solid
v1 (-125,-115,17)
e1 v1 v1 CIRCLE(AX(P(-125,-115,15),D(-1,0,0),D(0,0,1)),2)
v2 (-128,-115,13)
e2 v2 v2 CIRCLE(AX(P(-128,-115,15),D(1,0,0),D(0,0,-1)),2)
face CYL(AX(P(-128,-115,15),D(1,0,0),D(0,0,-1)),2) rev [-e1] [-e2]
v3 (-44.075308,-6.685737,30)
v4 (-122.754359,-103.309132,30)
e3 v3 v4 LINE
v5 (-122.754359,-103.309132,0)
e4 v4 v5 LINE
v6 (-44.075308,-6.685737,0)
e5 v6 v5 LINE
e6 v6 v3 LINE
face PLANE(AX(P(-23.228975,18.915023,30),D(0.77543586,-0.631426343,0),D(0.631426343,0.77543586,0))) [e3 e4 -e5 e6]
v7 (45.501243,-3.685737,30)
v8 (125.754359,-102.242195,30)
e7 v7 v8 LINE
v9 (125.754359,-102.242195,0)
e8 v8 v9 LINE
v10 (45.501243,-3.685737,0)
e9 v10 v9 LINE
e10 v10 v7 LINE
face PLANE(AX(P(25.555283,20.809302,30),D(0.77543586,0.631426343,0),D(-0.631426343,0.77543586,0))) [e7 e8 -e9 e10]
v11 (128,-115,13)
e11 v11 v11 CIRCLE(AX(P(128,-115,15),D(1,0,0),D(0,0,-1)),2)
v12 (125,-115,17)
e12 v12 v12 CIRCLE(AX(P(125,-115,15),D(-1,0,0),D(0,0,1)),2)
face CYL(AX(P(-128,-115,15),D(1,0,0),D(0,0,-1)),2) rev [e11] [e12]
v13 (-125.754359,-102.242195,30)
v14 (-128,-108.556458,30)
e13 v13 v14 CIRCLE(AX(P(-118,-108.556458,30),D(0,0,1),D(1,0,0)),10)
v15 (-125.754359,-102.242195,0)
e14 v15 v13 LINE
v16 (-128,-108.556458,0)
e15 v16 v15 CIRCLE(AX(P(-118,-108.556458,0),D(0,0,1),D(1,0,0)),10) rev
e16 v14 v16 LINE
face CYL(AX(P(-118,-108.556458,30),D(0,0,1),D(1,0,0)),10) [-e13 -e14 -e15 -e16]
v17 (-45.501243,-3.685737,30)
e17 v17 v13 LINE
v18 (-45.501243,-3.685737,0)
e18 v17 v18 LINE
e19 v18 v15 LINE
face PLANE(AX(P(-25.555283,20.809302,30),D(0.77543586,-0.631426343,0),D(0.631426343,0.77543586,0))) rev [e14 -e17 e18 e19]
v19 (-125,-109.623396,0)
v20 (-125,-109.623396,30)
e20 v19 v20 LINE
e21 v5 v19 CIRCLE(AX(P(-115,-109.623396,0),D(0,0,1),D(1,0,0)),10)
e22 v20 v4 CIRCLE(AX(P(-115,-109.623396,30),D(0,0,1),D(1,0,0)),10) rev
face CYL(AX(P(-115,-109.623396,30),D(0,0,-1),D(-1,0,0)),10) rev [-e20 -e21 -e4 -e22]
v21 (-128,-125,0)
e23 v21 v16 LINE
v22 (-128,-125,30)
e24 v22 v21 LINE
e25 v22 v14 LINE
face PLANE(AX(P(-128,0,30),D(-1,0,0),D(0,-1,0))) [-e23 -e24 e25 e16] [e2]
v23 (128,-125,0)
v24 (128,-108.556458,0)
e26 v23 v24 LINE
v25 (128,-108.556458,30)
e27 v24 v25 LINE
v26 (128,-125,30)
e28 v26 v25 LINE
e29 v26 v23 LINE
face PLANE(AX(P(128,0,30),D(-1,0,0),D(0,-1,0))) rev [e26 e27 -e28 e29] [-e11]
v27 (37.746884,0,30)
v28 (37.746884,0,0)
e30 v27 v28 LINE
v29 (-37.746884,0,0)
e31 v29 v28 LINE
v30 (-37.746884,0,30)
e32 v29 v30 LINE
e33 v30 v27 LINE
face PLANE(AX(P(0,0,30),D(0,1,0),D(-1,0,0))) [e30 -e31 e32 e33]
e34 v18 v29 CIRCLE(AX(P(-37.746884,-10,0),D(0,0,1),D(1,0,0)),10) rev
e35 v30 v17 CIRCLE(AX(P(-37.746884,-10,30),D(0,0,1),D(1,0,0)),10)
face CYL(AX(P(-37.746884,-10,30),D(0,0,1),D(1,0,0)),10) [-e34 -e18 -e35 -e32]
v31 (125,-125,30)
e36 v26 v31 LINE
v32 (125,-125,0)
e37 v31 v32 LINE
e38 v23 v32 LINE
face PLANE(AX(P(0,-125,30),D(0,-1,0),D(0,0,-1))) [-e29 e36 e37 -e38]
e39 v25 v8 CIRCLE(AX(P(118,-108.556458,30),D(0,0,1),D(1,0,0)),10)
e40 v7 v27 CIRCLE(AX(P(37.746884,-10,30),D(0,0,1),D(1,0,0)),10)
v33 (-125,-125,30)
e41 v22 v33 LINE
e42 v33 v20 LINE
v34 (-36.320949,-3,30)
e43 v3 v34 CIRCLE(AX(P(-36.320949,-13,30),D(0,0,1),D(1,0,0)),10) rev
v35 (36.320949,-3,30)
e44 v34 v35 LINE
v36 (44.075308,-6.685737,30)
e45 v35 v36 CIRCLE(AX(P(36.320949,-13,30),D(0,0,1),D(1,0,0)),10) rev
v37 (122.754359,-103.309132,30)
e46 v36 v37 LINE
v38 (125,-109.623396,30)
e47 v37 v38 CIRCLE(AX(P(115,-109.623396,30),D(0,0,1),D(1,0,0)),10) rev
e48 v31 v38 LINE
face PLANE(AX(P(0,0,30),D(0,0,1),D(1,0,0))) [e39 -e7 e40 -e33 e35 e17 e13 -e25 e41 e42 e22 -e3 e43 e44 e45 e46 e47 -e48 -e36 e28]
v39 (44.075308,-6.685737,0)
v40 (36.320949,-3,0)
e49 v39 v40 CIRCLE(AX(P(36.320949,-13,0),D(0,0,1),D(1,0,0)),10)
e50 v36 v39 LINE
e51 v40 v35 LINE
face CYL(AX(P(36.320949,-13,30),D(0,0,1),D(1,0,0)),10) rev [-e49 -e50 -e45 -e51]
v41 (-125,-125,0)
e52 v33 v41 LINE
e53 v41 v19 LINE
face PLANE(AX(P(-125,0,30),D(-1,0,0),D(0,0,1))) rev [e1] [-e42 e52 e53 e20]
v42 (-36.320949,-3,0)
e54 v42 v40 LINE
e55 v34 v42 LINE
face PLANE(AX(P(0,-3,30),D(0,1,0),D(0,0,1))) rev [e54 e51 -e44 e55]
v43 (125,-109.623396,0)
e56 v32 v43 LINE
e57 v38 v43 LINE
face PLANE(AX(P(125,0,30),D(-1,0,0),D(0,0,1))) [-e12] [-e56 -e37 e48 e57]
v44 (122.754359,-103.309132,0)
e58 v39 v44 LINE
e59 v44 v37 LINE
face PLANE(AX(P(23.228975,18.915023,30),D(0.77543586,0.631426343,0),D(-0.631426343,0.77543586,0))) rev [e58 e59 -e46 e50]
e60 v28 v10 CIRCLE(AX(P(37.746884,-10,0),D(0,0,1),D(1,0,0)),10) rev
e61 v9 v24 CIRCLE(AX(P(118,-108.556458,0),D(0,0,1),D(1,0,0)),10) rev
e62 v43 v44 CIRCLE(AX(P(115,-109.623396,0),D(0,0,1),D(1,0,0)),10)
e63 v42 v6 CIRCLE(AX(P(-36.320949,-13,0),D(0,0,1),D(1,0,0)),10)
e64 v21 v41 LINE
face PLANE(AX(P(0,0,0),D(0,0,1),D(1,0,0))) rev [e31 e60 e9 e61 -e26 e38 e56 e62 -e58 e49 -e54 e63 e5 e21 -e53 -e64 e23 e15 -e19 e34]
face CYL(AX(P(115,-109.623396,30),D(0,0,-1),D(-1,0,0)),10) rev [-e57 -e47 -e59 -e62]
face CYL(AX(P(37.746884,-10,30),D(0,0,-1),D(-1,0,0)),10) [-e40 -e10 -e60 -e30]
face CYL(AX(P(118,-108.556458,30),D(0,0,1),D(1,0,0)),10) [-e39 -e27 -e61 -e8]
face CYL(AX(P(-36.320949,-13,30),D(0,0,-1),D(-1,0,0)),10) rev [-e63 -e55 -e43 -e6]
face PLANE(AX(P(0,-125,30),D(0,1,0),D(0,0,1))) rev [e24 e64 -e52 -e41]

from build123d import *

# Parameters (mm, degrees)
BOSS_EXTRUDE1_DEPTH     = 30
FILLET1_R               = 10
CUT_EXTRUDE1_DEPTH      = 287.462912085
CUT_EXTRUDE1_DEPTH_BACK = 287.462912085
SKETCH2_R               = 2


with BuildPart() as part:
    # Sketch1 → Boss-Extrude1 (new body)
    with BuildSketch(Plane.XY):
        Polygon((128, -125), (125, -125), (125, -106.066937462), (41.07406521, -3), (-41.07406521, -3), (-125, -106.066937462), (-125, -125), (-128, -125), (-128, -105), (-42.5, 0), (42.5, 0), (128, -105), align=None)
    extrude(amount=BOSS_EXTRUDE1_DEPTH)

    # Fillet1
    fillet1_edges = [part.edges().sort_by_distance(p)[0] for p in [
        (125, -106.066937462, 15),
        (41.07406521, -3, 15),
        (-41.07406521, -3, 15),
        (-125, -106.066937462, 15),
        (-128, -105, 15),
        (-42.5, 0, 15),
        (42.5, 0, 15),
        (128, -105, 15),
    ]]
    fillet(fillet1_edges, radius=FILLET1_R)

    # Sketch2 → Cut-Extrude1 (cut, two sides: drawn at the far end of the back side and taken through both)
    with BuildSketch(Plane(origin=(128, 0, 0), x_dir=(0, 0, -1), z_dir=(1, 0, 0)).offset(-CUT_EXTRUDE1_DEPTH_BACK)):
        with Locations((-15, -115)):
            Circle(SKETCH2_R)
    extrude(amount=CUT_EXTRUDE1_DEPTH + CUT_EXTRUDE1_DEPTH_BACK, mode=Mode.SUBTRACT)


solid = part.part
